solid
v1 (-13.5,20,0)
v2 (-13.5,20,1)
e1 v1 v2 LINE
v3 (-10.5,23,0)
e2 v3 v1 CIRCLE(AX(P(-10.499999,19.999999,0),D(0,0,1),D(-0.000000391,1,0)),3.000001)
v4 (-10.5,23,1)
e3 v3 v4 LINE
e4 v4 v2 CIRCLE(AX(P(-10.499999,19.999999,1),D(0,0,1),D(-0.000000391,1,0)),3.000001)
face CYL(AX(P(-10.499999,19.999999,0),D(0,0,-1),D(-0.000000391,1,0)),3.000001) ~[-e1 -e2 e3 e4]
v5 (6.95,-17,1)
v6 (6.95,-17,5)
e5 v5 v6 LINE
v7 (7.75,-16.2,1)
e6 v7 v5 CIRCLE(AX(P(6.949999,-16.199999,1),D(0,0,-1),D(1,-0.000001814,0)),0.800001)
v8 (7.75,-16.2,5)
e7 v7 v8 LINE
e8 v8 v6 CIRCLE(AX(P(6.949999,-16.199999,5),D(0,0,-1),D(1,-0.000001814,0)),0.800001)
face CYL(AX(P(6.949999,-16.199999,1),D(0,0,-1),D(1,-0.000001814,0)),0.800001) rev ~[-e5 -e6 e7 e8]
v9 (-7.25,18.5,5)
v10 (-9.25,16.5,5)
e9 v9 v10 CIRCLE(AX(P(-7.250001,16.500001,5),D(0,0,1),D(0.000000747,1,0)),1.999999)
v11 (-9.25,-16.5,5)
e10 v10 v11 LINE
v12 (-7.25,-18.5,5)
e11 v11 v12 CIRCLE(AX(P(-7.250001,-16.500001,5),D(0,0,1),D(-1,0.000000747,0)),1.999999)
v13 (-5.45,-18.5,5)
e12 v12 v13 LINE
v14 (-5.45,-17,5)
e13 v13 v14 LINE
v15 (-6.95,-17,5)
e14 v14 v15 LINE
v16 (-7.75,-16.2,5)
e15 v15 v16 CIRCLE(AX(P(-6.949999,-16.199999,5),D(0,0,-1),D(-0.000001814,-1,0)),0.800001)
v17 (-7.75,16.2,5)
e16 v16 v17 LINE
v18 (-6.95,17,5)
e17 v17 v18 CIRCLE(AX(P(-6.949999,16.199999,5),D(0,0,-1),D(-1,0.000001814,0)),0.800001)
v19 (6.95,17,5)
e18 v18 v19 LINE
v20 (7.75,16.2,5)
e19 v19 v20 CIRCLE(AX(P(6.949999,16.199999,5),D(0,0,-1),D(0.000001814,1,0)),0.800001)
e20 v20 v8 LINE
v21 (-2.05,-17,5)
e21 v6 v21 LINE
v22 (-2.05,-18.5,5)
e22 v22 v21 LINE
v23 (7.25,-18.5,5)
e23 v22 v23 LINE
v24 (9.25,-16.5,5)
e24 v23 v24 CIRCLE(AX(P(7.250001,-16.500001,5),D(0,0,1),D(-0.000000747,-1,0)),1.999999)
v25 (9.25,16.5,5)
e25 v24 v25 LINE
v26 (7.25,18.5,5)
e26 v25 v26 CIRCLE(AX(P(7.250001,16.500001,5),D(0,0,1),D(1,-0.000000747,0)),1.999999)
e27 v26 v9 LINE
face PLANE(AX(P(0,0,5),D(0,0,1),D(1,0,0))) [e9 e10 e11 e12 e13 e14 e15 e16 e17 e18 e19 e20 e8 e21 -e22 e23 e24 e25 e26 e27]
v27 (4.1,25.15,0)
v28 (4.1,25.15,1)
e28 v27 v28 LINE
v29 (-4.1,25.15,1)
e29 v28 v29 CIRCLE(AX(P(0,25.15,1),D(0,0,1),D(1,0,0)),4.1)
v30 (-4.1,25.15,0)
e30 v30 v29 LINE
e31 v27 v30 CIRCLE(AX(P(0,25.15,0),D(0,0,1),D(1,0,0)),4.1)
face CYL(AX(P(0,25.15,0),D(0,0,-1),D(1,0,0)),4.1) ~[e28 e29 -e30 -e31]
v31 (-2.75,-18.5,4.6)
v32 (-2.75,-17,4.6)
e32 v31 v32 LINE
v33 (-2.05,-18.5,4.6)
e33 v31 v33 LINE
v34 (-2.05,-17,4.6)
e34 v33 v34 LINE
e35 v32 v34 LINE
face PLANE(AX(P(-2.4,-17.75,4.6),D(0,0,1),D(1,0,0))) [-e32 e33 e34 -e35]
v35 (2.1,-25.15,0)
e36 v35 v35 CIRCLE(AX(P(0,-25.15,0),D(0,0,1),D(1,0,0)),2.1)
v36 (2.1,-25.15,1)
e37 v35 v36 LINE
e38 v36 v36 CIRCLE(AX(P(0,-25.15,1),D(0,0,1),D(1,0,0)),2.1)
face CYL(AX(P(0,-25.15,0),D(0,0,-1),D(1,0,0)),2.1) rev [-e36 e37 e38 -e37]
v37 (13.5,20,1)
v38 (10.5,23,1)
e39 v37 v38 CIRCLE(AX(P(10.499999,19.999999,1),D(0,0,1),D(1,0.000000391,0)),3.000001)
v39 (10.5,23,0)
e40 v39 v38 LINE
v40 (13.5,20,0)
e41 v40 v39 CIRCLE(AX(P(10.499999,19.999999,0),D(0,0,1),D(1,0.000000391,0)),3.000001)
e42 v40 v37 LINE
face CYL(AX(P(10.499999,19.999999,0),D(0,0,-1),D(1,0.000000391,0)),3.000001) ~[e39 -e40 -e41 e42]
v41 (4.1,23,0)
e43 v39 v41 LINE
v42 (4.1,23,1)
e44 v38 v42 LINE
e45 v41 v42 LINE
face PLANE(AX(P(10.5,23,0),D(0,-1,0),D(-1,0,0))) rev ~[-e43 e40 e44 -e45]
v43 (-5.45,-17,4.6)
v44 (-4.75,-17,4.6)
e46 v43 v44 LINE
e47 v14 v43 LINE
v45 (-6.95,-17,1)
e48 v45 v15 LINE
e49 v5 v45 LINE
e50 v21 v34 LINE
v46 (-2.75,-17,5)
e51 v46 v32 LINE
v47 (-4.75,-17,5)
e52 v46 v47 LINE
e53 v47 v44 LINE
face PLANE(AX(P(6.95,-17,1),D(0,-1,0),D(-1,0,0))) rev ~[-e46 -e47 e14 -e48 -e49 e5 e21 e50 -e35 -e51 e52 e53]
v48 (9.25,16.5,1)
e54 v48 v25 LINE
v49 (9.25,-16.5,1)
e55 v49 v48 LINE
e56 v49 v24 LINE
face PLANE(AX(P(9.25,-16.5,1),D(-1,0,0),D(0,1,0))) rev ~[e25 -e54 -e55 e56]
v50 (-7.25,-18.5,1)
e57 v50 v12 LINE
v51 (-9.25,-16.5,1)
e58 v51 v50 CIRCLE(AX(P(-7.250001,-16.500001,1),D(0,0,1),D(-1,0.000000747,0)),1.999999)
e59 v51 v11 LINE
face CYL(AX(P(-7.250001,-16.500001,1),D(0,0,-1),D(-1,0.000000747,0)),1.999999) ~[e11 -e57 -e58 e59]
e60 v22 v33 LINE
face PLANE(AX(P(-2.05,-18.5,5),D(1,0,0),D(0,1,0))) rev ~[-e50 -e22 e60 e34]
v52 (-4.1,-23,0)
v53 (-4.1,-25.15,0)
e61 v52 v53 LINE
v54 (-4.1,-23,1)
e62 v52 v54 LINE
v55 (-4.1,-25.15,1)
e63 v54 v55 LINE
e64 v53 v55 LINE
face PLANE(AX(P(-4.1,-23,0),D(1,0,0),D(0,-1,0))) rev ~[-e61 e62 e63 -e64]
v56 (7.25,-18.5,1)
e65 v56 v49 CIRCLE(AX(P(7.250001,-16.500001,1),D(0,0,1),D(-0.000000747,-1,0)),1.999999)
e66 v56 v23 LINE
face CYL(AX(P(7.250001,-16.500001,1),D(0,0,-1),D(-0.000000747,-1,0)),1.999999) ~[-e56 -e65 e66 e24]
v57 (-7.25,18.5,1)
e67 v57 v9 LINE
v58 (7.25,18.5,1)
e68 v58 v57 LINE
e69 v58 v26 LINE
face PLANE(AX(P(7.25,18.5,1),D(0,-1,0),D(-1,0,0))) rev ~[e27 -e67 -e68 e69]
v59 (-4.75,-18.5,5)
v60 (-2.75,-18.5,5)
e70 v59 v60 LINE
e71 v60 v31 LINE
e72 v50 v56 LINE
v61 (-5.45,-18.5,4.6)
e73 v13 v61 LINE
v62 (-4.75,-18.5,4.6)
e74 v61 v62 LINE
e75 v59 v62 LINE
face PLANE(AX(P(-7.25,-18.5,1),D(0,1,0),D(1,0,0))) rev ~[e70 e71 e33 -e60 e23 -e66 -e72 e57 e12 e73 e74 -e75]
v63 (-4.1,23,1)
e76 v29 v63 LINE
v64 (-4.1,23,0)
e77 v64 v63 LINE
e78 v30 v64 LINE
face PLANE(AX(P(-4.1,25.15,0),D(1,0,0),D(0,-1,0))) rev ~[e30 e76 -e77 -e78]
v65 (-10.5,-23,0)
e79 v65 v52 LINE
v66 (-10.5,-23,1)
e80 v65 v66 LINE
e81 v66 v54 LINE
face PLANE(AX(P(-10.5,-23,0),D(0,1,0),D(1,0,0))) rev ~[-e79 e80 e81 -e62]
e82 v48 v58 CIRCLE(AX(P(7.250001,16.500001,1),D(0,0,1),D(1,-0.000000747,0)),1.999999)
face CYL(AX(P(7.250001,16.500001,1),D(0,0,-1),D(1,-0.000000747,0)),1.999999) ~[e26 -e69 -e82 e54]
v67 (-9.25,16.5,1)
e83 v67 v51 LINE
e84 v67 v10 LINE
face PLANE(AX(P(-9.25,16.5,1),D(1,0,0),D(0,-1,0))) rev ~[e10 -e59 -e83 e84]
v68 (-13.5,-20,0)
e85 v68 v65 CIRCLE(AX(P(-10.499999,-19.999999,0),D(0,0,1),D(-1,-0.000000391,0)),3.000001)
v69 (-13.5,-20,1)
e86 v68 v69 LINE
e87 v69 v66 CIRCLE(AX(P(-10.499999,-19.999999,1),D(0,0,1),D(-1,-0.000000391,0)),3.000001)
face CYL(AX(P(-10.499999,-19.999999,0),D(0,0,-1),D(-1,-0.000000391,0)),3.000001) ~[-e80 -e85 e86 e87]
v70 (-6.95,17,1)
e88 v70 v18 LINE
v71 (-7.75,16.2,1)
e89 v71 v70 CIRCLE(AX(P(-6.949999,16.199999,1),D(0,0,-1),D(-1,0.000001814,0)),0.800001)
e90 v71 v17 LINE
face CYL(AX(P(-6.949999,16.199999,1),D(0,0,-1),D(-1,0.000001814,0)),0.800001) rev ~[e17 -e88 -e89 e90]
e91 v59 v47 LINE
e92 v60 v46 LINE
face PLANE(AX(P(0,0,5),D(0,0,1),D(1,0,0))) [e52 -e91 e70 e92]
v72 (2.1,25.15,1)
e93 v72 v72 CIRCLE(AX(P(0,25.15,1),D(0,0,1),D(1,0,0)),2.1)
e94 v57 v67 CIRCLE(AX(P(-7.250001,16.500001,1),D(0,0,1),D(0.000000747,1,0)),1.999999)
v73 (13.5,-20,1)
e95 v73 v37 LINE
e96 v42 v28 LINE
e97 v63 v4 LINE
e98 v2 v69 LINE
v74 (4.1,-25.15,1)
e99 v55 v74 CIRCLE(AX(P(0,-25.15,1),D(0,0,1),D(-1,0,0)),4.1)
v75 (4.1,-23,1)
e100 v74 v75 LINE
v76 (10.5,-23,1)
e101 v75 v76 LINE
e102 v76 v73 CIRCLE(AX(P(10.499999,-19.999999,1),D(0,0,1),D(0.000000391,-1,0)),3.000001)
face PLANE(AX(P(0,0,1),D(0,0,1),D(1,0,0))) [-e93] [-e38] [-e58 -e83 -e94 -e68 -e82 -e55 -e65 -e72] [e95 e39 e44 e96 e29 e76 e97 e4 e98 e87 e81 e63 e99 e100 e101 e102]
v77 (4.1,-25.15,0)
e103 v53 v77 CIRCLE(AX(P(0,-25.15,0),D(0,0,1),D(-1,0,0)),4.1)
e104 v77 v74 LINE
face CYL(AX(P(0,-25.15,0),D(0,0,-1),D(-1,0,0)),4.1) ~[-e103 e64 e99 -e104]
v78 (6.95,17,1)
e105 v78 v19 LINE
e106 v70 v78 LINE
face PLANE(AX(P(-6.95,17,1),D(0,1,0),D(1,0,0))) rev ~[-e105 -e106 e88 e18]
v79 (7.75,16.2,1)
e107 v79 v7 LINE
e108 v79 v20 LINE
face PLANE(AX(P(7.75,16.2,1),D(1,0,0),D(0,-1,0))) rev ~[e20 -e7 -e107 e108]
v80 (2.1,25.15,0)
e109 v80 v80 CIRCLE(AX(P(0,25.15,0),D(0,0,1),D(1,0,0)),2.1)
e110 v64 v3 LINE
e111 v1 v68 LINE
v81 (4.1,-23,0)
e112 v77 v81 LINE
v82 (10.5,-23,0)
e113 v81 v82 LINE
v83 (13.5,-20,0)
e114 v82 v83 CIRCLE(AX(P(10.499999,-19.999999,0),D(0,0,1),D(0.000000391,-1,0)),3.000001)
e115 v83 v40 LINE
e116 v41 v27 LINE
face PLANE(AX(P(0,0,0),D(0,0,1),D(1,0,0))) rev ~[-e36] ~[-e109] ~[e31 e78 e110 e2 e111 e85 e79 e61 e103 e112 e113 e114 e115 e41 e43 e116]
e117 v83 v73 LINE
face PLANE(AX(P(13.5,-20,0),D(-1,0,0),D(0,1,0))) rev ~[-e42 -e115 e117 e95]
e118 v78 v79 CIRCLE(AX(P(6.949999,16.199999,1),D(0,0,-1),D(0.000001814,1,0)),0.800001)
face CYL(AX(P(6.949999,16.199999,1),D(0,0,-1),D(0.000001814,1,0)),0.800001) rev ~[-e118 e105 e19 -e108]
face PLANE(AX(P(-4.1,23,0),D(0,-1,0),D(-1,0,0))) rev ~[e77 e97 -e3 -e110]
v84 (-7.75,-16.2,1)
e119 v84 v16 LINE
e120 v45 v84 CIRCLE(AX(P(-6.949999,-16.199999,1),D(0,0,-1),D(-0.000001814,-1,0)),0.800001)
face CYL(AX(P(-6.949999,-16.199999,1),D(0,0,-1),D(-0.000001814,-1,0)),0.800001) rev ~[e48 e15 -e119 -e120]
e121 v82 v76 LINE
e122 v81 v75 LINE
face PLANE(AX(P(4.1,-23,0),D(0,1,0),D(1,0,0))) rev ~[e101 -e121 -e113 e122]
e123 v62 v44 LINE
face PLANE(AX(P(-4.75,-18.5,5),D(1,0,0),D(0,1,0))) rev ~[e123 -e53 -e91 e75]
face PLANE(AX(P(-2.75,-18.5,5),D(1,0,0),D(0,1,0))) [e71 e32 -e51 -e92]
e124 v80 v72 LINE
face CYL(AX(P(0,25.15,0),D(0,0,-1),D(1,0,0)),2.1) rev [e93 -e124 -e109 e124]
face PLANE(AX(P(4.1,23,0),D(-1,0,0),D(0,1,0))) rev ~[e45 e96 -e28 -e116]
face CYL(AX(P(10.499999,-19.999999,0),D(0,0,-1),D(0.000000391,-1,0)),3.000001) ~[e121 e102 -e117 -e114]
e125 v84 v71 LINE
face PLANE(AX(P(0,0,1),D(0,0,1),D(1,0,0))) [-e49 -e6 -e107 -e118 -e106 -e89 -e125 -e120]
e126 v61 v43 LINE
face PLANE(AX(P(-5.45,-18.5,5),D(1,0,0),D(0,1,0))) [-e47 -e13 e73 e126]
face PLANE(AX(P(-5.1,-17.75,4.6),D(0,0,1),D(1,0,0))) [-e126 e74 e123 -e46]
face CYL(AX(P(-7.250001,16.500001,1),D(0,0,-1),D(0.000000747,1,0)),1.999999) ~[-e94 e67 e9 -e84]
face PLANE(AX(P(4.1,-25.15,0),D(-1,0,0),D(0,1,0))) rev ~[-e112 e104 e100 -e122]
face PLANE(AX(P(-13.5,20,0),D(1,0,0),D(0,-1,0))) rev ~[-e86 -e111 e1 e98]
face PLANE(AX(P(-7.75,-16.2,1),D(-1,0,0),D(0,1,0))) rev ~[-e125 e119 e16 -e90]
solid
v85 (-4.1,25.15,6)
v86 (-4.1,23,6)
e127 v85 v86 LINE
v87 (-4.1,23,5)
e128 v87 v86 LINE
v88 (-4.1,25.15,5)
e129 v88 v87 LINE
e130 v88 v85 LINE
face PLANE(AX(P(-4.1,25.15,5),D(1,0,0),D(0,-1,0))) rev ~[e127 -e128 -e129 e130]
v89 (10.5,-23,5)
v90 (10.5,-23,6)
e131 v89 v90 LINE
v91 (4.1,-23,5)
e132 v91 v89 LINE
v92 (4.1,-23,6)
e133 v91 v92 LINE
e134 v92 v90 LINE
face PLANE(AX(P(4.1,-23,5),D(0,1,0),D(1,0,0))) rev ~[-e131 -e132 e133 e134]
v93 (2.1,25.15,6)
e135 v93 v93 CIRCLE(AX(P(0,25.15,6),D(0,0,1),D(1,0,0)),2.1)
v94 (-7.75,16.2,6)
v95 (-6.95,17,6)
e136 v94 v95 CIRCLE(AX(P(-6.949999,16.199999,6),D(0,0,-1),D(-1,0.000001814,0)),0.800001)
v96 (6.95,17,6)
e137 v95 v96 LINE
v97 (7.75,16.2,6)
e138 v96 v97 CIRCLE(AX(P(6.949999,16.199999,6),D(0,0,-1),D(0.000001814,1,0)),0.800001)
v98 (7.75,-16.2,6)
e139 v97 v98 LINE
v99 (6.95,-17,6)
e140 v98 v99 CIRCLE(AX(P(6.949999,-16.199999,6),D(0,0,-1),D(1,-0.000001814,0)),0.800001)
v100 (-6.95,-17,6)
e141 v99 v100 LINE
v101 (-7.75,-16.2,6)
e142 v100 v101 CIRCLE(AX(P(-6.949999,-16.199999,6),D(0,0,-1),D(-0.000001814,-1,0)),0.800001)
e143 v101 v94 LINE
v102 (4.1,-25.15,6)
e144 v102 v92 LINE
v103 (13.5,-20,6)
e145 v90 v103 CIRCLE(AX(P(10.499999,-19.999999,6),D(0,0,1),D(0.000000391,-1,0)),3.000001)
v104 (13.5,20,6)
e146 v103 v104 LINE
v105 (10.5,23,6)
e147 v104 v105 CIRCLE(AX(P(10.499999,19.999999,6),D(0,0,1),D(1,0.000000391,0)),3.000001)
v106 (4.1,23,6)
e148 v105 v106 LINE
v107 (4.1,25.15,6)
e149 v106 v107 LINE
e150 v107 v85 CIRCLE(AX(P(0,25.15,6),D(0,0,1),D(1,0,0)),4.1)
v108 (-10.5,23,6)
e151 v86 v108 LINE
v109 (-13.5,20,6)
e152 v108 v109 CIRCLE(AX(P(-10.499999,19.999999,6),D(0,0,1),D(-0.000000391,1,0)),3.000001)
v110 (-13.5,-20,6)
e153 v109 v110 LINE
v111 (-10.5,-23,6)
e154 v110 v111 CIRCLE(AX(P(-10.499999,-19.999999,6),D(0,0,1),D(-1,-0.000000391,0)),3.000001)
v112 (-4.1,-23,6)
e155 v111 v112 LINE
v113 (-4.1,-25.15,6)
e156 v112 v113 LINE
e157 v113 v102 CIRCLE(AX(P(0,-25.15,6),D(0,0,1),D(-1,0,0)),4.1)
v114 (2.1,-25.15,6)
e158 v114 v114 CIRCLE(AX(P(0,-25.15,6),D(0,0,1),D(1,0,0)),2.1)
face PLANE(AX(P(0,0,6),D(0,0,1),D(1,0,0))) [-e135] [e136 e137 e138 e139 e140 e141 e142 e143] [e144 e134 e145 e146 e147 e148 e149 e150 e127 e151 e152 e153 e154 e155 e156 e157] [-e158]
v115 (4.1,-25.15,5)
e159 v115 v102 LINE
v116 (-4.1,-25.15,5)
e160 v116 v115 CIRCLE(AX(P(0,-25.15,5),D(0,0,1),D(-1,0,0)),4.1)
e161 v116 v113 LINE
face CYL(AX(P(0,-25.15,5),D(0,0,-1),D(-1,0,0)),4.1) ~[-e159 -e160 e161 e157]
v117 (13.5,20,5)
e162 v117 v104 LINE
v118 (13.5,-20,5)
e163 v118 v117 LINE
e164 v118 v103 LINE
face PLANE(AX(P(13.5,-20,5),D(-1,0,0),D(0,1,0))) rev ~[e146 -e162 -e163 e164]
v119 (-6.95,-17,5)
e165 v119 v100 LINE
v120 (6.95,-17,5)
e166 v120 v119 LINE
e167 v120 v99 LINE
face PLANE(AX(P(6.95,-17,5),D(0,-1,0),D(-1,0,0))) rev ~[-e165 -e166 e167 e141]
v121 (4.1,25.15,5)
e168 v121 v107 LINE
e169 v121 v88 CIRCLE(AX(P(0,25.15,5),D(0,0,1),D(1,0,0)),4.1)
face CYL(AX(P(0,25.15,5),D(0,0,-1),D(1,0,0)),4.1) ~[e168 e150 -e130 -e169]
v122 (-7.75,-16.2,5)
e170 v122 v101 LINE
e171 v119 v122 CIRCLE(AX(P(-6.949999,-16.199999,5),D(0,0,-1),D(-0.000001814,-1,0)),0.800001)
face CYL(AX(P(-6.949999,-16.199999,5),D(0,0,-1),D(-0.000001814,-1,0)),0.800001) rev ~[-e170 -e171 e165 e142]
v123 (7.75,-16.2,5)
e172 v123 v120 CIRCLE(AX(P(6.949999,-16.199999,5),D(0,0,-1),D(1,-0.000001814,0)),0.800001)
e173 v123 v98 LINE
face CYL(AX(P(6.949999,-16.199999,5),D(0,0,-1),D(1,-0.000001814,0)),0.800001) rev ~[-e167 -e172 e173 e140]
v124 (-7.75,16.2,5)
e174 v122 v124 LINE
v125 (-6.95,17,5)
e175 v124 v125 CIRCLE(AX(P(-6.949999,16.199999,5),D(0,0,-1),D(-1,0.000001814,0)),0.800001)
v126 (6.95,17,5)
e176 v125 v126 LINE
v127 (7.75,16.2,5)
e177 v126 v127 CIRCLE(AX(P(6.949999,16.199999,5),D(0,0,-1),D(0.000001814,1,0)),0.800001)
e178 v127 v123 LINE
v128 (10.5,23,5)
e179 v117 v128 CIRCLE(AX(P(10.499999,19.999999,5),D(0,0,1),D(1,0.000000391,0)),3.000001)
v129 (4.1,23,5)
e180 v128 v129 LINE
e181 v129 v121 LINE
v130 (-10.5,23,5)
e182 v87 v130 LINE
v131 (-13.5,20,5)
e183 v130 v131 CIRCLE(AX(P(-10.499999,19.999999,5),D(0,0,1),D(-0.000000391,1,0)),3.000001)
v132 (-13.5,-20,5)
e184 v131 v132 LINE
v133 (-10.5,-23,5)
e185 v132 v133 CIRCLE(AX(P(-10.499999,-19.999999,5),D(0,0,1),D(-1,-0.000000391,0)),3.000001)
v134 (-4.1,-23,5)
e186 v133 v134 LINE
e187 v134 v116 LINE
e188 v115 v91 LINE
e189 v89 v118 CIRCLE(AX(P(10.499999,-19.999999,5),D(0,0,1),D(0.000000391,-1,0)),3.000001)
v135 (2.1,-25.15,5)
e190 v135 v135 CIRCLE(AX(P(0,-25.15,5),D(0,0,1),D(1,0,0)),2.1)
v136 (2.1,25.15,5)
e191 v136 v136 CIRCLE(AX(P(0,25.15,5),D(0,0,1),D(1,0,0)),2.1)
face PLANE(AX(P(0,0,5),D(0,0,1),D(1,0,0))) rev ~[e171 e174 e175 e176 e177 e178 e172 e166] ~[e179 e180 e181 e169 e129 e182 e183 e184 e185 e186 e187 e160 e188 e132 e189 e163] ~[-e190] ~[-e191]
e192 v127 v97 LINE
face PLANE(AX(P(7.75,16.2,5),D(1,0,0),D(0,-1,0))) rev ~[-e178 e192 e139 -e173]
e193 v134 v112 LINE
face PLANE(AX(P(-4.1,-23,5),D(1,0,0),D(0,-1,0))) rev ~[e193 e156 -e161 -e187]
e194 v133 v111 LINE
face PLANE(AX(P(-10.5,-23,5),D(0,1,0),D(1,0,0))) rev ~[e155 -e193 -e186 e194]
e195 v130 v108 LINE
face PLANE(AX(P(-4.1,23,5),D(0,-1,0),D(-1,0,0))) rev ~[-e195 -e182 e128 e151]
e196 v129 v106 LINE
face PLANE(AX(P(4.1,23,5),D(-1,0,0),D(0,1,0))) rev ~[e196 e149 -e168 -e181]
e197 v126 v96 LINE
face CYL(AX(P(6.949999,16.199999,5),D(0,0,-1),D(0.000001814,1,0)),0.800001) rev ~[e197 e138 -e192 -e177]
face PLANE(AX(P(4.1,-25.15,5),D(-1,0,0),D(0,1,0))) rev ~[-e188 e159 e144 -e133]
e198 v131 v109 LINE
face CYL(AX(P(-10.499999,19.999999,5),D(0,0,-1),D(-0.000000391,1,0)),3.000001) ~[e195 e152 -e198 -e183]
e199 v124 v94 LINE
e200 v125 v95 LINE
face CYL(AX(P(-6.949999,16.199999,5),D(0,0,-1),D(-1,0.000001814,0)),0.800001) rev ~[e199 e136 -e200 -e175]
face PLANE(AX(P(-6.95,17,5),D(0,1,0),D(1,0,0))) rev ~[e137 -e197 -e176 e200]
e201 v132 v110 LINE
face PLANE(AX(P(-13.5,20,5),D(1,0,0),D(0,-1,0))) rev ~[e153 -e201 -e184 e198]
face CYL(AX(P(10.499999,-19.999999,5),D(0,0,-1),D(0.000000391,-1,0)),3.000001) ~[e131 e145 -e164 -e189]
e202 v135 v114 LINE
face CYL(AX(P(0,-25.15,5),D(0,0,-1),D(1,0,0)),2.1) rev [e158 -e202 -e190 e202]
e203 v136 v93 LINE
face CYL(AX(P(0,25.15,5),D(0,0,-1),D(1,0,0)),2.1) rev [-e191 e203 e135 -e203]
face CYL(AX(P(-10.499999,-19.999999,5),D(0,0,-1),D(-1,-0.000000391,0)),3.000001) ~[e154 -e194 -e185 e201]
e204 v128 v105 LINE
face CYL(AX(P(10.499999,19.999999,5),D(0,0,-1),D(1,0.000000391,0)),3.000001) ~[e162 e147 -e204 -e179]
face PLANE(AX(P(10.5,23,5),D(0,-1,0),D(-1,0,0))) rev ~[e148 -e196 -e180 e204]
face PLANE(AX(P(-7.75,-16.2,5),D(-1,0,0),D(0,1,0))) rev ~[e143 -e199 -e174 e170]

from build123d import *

# Parameters (mm, degrees)
F0_R     = 2.1
F1_DEPTH = 1
F3_DEPTH = 4
F4_R     = 2.1
F5_DEPTH = 1
F6_W     = 0.7
F6_H     = 1.5
F7_DEPTH = 0.4


with BuildPart() as f1:
    # F0 (on Top) → F1 (new body)
    with BuildSketch(Plane.XY):
        with BuildLine():
            ThreePointArc((13.5, 20), (12.62132, 22.12132), (10.5, 23))
            Line((10.5, 23), (4.1, 23))
            Line((4.1, 23), (4.1, 25.15))
            ThreePointArc((4.1, 25.15), (0, 29.25), (-4.1, 25.15))
            Line((-4.1, 25.15), (-4.1, 23))
            Line((-4.1, 23), (-10.5, 23))
            ThreePointArc((-10.5, 23), (-12.62132, 22.12132), (-13.5, 20))
            Line((-13.5, 20), (-13.5, -20))
            ThreePointArc((-13.5, -20), (-12.62132, -22.12132), (-10.5, -23))
            Line((-10.5, -23), (-4.1, -23))
            Line((-4.1, -23), (-4.1, -25.15))
            ThreePointArc((-4.1, -25.15), (0, -29.25), (4.1, -25.15))
            Line((4.1, -25.15), (4.1, -23))
            Line((4.1, -23), (10.5, -23))
            ThreePointArc((10.5, -23), (12.62132, -22.12132), (13.5, -20))
            Line((13.5, -20), (13.5, 20))
        make_face()
        with Locations((0, -25.15)):
            Circle(F0_R, mode=Mode.SUBTRACT)
        with Locations((0, 25.15)):
            Circle(F0_R, mode=Mode.SUBTRACT)
    extrude(amount=F1_DEPTH)

    # F2 (on face) → F3 (join)
    with BuildSketch(Plane.XY.offset(1)):
        with BuildLine():
            ThreePointArc((-7.25, 18.5), (-8.664214, 17.914214), (-9.25, 16.5))
            Line((-9.25, 16.5), (-9.25, -16.5))
            ThreePointArc((-9.25, -16.5), (-8.664214, -17.914214), (-7.25, -18.5))
            Line((-7.25, -18.5), (7.25, -18.5))
            ThreePointArc((7.25, -18.5), (8.664214, -17.914214), (9.25, -16.5))
            Line((9.25, -16.5), (9.25, 16.5))
            ThreePointArc((9.25, 16.5), (8.664214, 17.914214), (7.25, 18.5))
            Line((7.25, 18.5), (-7.25, 18.5))
        make_face()
        with BuildLine():
            Line((-6.95, 17), (6.95, 17))
            ThreePointArc((6.95, 17), (7.515685, 16.765685), (7.75, 16.2))
            Line((7.75, 16.2), (7.75, -16.2))
            ThreePointArc((7.75, -16.2), (7.515685, -16.765685), (6.95, -17))
            Line((6.95, -17), (-6.95, -17))
            ThreePointArc((-6.95, -17), (-7.515685, -16.765685), (-7.75, -16.2))
            Line((-7.75, -16.2), (-7.75, 16.2))
            ThreePointArc((-7.75, 16.2), (-7.515685, 16.765685), (-6.95, 17))
        make_face(mode=Mode.SUBTRACT)
    extrude(amount=F3_DEPTH)

    # F6 (on face) → F7 (cut)
    with BuildSketch(Plane.XY.offset(5)):
        with Locations((-5.1, -17.75)):
            Rectangle(F6_W, F6_H)
        with Locations((-2.4, -17.75)):
            Rectangle(F6_W, F6_H)
    extrude(amount=-F7_DEPTH, mode=Mode.SUBTRACT)


with BuildPart() as f5:
    # F4 (on face) → F5 (new body)
    with BuildSketch(Plane.XY.offset(5)):
        with BuildLine():
            ThreePointArc((-10.5, 23), (-12.62132, 22.12132), (-13.5, 20))
            Line((-13.5, 20), (-13.5, -20))
            ThreePointArc((-13.5, -20), (-12.62132, -22.12132), (-10.5, -23))
            Line((-10.5, -23), (-4.1, -23))
            Line((-4.1, -23), (-4.1, -25.15))
            ThreePointArc((-4.1, -25.15), (0, -29.25), (4.1, -25.15))
            Line((4.1, -25.15), (4.1, -23))
            Line((4.1, -23), (10.5, -23))
            ThreePointArc((10.5, -23), (12.62132, -22.12132), (13.5, -20))
            Line((13.5, -20), (13.5, 20))
            ThreePointArc((13.5, 20), (12.62132, 22.12132), (10.5, 23))
            Line((10.5, 23), (4.1, 23))
            Line((4.1, 23), (4.1, 25.15))
            ThreePointArc((4.1, 25.15), (0, 29.25), (-4.1, 25.15))
            Line((-4.1, 25.15), (-4.1, 23))
            Line((-4.1, 23), (-10.5, 23))
        make_face()
        with Locations((0, -25.15)):
            Circle(F4_R, mode=Mode.SUBTRACT)
        with BuildLine():
            Line((-6.95, 17), (6.95, 17))
            ThreePointArc((6.95, 17), (7.515685, 16.765685), (7.75, 16.2))
            Line((7.75, 16.2), (7.75, -16.2))
            ThreePointArc((7.75, -16.2), (7.515685, -16.765685), (6.95, -17))
            Line((6.95, -17), (-6.95, -17))
            ThreePointArc((-6.95, -17), (-7.515685, -16.765685), (-7.75, -16.2))
            Line((-7.75, -16.2), (-7.75, 16.2))
            ThreePointArc((-7.75, 16.2), (-7.515685, 16.765685), (-6.95, 17))
        make_face(mode=Mode.SUBTRACT)
        with Locations((0, 25.15)):
            Circle(F4_R, mode=Mode.SUBTRACT)
    extrude(amount=F5_DEPTH)


solid = Compound([f1.part, f5.part])
